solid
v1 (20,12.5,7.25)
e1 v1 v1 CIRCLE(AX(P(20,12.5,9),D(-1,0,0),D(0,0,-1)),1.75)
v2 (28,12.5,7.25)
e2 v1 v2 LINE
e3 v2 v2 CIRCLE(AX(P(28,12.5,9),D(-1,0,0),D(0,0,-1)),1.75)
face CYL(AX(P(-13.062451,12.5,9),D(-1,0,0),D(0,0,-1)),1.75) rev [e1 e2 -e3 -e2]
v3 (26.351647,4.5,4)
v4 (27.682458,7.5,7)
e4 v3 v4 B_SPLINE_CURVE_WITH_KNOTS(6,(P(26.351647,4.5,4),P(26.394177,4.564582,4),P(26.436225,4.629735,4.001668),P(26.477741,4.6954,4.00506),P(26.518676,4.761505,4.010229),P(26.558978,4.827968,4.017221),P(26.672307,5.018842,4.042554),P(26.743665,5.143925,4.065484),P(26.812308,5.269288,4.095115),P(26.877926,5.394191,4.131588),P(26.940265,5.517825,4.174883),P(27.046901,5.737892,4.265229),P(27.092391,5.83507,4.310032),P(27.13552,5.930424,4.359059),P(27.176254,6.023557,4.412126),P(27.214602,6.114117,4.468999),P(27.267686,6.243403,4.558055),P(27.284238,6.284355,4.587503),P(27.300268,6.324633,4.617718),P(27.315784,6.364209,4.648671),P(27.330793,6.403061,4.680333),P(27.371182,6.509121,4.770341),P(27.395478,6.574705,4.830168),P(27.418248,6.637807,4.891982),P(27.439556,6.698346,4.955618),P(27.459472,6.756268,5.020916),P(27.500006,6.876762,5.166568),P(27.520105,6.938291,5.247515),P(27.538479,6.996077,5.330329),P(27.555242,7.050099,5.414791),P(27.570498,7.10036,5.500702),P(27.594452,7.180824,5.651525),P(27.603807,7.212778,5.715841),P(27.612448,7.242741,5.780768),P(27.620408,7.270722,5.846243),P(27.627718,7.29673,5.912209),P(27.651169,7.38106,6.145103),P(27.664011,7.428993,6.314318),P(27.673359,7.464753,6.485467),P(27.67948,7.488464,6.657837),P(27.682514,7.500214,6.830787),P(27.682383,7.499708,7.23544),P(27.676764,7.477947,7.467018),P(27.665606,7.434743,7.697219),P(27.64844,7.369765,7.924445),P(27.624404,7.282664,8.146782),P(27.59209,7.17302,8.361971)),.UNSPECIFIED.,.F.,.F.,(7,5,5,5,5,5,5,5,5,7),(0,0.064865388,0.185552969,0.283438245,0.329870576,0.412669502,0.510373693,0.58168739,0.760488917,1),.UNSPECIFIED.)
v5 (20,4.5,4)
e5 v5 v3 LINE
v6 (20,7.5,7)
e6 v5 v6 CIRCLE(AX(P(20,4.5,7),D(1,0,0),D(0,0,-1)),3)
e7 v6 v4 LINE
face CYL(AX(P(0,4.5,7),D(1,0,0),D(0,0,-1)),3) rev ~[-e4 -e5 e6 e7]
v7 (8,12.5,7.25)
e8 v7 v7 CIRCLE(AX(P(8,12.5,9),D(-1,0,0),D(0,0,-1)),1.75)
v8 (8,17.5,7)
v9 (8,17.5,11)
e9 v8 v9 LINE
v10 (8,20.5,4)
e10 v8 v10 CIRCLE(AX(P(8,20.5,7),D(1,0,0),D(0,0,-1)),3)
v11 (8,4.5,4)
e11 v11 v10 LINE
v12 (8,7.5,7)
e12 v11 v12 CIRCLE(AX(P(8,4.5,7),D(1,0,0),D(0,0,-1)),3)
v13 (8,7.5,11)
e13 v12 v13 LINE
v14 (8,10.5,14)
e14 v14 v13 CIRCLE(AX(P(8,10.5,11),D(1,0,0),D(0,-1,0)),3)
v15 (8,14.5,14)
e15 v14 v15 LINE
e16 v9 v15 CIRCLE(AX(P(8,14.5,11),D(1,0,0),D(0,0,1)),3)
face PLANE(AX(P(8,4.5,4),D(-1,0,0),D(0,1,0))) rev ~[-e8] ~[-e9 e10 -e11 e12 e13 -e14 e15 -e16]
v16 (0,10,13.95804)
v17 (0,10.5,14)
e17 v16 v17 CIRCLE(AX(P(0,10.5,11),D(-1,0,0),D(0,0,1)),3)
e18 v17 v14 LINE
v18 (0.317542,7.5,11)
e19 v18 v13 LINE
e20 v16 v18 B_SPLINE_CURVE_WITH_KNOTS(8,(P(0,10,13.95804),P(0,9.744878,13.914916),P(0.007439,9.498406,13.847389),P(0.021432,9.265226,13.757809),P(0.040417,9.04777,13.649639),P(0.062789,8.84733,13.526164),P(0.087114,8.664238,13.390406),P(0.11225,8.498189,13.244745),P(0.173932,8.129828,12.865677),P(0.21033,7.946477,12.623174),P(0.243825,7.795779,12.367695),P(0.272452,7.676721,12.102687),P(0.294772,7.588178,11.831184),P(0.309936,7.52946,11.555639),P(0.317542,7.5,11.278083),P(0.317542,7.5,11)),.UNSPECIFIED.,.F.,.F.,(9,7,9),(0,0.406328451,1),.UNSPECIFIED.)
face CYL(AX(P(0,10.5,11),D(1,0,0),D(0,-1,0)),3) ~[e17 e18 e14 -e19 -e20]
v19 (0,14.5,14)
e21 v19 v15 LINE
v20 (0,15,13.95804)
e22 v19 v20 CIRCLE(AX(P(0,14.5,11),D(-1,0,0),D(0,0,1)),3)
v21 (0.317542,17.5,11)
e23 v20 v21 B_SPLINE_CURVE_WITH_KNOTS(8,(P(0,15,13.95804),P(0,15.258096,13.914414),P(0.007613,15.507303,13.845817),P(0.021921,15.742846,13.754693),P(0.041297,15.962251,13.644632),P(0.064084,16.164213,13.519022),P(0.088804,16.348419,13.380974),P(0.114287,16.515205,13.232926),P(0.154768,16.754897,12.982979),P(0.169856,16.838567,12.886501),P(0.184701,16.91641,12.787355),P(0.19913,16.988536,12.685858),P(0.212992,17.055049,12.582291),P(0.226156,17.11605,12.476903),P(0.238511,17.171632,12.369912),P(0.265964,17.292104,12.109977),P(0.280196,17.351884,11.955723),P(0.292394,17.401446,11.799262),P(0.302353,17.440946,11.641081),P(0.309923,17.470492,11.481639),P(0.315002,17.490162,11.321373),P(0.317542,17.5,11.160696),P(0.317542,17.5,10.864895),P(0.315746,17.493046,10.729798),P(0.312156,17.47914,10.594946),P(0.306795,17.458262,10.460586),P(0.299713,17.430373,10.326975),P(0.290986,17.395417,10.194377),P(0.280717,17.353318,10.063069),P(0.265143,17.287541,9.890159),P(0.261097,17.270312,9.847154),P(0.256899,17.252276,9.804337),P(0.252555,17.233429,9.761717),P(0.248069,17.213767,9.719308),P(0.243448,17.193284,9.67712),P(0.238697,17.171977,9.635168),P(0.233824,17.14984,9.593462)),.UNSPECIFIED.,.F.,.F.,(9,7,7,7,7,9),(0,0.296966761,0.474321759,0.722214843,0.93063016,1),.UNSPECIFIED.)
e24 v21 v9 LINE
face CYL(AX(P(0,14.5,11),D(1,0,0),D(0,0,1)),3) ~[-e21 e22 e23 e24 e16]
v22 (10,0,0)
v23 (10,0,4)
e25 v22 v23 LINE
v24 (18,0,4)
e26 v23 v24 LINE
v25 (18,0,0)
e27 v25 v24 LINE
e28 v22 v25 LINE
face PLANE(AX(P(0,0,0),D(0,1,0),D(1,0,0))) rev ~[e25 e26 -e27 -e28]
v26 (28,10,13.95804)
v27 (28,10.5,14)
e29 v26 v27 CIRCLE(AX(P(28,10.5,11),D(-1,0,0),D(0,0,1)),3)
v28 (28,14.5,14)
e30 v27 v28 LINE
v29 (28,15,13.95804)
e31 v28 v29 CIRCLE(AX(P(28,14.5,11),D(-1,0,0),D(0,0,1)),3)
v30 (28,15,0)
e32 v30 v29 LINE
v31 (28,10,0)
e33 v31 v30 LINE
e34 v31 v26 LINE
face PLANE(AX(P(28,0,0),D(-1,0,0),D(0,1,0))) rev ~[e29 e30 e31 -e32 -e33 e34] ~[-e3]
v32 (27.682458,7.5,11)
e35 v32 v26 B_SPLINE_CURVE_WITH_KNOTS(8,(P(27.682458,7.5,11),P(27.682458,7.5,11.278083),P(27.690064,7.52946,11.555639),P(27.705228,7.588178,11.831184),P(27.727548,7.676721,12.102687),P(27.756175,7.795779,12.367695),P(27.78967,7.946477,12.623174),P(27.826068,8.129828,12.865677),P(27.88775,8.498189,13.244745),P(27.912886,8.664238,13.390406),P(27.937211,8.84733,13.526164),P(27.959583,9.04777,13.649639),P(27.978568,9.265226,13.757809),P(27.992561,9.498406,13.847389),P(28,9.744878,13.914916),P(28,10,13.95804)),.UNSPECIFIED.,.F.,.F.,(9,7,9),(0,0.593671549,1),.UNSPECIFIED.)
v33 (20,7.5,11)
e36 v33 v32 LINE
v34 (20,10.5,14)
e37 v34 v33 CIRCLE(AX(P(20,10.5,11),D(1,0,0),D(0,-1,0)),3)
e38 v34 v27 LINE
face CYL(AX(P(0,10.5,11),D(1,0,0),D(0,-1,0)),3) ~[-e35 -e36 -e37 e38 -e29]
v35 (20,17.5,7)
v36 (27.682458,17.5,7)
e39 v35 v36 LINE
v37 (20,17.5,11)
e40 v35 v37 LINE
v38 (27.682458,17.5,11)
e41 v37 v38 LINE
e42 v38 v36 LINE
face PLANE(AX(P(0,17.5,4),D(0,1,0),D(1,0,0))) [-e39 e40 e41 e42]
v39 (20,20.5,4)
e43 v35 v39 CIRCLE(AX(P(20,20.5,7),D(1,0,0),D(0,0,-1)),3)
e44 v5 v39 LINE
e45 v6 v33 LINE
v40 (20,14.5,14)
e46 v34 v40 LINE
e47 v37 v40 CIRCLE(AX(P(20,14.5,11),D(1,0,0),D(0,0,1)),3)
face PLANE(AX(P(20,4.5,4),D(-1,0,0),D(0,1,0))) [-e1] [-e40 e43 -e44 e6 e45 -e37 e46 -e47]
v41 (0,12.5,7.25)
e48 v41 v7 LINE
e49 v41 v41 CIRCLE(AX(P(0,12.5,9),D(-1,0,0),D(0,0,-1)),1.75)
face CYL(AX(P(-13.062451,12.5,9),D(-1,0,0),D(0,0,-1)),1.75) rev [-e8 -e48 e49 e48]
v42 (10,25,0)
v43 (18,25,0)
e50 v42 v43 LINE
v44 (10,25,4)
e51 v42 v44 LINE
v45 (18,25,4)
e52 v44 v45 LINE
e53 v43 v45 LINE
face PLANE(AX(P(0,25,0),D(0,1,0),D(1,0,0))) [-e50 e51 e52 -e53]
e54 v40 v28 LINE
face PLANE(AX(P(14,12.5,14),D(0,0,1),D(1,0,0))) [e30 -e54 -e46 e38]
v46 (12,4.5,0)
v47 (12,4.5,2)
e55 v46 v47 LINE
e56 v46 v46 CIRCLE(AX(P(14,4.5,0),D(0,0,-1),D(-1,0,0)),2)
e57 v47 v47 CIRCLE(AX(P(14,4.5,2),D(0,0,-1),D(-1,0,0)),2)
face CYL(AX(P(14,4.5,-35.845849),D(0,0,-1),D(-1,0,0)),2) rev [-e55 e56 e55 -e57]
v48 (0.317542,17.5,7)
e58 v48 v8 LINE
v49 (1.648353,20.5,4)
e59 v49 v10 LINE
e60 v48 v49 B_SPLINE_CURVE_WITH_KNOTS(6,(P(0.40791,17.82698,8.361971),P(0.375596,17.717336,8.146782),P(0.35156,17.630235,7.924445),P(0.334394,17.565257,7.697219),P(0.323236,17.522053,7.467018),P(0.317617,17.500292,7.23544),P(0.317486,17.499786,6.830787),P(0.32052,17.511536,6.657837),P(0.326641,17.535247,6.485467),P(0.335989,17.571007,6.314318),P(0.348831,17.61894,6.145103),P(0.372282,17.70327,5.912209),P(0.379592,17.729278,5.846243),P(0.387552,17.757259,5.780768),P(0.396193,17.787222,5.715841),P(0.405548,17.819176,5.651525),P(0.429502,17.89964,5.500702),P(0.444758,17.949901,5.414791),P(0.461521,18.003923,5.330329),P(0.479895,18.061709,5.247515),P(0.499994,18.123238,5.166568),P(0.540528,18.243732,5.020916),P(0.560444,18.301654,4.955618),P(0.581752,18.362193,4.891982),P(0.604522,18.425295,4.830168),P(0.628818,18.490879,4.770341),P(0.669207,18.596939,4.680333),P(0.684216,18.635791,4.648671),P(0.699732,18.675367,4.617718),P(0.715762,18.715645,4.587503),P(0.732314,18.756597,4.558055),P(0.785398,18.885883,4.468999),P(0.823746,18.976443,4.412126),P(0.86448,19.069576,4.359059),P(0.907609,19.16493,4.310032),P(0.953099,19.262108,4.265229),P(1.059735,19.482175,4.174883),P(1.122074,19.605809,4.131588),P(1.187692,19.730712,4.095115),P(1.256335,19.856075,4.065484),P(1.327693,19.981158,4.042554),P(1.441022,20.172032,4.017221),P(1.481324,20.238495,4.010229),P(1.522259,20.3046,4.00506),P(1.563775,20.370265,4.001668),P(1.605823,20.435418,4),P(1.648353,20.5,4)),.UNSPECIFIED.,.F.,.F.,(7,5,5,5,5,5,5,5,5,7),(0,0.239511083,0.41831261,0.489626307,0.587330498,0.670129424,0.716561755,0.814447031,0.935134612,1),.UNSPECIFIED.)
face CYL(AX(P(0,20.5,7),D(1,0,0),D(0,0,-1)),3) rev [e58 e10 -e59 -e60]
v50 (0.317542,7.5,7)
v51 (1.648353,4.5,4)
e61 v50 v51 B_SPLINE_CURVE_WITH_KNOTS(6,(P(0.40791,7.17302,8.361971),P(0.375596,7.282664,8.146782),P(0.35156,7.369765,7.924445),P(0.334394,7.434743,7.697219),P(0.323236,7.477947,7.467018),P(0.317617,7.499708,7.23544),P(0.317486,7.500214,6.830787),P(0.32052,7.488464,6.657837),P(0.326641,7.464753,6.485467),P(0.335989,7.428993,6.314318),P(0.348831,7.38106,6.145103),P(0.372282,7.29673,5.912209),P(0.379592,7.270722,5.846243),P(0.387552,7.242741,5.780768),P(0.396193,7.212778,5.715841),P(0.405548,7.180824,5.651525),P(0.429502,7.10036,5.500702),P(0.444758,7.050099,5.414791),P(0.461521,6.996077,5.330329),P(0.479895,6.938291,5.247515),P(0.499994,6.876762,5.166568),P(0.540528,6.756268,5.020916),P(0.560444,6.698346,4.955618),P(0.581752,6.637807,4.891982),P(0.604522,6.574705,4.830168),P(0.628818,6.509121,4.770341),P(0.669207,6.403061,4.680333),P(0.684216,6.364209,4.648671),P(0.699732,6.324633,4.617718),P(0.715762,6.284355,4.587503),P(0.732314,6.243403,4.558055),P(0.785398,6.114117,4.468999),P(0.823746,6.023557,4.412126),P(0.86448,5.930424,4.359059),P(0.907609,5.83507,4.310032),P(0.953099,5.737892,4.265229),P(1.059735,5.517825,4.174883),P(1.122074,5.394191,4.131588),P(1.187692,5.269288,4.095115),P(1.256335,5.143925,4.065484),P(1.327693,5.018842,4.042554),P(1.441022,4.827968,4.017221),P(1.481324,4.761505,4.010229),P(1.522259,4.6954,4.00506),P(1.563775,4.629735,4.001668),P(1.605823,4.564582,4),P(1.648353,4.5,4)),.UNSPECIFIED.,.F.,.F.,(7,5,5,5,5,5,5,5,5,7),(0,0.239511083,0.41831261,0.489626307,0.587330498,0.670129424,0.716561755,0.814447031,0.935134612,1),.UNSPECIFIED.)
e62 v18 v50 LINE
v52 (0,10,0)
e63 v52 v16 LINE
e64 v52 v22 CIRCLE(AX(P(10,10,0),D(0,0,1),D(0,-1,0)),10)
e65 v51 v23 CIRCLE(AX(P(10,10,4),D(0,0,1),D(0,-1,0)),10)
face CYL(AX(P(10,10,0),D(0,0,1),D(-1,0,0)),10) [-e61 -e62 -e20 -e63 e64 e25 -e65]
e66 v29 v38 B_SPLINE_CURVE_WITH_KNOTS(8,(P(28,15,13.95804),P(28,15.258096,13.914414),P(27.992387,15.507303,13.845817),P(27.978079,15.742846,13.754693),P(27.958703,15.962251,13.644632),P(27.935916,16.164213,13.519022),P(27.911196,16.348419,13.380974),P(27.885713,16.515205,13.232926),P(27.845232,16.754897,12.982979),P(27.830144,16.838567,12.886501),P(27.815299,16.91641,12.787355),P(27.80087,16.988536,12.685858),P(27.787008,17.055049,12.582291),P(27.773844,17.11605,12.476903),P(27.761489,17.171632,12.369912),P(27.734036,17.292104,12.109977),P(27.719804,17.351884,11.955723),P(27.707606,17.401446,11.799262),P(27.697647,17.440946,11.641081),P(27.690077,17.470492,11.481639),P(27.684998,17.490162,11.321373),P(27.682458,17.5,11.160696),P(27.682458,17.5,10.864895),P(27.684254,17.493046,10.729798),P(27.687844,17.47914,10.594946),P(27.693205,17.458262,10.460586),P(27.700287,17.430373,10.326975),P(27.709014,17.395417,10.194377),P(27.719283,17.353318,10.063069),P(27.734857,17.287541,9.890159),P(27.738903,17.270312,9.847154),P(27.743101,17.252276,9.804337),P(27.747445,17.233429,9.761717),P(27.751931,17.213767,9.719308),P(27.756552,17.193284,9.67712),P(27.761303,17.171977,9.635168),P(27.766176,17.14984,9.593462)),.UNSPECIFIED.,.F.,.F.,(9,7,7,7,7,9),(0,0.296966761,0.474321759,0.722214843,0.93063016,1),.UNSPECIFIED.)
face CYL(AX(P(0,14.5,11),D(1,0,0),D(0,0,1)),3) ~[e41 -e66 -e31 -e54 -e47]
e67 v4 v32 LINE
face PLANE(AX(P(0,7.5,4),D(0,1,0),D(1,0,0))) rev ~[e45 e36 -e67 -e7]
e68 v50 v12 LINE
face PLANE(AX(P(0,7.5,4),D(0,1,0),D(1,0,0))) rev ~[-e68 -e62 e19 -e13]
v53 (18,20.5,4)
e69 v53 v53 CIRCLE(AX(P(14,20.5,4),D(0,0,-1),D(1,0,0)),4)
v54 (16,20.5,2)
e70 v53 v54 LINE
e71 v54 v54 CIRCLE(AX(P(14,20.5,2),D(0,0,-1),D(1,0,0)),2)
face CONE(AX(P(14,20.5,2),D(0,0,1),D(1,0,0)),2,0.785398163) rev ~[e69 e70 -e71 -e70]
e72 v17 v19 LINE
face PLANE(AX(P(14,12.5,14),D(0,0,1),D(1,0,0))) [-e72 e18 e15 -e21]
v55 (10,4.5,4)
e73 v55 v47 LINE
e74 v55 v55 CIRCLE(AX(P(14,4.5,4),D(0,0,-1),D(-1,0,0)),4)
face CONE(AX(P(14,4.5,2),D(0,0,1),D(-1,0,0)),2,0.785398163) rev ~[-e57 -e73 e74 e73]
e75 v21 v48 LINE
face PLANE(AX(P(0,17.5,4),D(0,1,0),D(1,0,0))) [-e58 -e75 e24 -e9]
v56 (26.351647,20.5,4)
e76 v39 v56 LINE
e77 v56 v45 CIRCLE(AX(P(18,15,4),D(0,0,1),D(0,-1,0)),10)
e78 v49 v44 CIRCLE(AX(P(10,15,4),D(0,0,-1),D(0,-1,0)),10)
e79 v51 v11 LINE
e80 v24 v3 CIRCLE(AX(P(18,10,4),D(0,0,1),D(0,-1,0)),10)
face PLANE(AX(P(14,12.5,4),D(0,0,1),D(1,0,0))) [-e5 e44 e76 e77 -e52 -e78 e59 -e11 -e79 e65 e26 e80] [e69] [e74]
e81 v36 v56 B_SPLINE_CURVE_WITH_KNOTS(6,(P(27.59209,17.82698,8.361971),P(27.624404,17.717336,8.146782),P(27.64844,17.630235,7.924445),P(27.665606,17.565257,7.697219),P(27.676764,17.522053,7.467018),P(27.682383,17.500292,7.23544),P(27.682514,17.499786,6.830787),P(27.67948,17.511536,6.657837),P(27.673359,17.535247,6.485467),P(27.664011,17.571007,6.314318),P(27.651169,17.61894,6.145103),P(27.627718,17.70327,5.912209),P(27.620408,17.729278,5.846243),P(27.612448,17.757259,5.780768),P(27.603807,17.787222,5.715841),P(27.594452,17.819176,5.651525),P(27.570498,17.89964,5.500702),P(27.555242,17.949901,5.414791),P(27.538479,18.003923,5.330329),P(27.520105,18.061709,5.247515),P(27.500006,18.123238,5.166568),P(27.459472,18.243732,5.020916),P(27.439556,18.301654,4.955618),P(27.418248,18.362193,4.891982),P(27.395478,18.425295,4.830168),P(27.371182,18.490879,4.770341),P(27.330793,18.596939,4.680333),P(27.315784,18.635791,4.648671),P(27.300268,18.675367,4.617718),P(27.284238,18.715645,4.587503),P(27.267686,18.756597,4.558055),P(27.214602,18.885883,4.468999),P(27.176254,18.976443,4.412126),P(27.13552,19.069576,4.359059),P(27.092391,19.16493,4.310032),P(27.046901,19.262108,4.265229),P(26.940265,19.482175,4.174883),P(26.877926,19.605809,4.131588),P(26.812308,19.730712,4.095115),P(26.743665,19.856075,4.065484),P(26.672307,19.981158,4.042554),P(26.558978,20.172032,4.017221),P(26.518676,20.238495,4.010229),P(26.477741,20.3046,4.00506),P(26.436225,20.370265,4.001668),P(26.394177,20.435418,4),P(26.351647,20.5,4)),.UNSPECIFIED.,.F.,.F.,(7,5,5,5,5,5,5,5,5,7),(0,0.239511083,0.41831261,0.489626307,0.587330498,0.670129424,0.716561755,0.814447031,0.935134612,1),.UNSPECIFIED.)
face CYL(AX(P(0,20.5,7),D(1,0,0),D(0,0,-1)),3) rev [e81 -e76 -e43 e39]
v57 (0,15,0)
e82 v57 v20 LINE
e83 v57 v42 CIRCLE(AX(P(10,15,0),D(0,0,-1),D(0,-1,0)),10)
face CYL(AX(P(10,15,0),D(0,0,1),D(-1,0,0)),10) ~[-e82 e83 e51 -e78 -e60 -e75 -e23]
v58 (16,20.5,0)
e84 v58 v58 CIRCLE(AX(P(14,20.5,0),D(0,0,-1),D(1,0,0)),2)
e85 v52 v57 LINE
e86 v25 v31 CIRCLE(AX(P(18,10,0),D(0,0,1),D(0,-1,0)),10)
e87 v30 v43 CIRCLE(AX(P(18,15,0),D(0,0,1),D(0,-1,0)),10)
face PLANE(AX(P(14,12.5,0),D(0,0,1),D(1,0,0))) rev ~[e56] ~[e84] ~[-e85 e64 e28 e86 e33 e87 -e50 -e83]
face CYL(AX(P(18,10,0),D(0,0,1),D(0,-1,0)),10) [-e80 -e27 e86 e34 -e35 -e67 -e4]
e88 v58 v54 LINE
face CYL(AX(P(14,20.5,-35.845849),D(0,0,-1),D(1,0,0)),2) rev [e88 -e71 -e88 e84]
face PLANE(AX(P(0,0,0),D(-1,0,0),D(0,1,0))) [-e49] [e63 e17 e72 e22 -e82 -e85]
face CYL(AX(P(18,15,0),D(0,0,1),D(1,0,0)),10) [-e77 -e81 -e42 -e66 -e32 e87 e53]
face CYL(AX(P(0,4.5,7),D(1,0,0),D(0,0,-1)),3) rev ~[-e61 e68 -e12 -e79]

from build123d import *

# Parameters (mm, degrees)
ESQUISSE1_W                  = 28
ESQUISSE1_H                  = 25
BOSS_EXTRU_1_DEPTH           = 4
ESQUISSE2_W                  = 28
ESQUISSE2_H                  = 10
BOSS_EXTRU_2_DEPTH           = 10
ENL_V_MAT_EXTRU_1_DEPTH      = 41.062451248
ENL_V_MAT_EXTRU_1_DEPTH_BACK = 41.062451248
ESQUISSE3_R                  = 1.75
CONG_1_R                     = 3
ESQUISSE4_W                  = 12
ESQUISSE4_H                  = 16
ENL_V_MAT_EXTRU_2_DEPTH      = 10
ENL_V_MAT_EXTRU_3_DEPTH      = 39.845849199
ENL_V_MAT_EXTRU_3_DEPTH_BACK = 39.845849199
ESQUISSE5_R                  = 2
CHANFREIN1_SIZE              = 2
CONG_2_R                     = 10


with BuildPart() as part:
    # Esquisse1 → Boss.-Extru.1 (new body)
    with BuildSketch(Plane.XY):
        with Locations((14, 12.5)):
            Rectangle(ESQUISSE1_W, ESQUISSE1_H)
    extrude(amount=BOSS_EXTRU_1_DEPTH)

    # Esquisse2 → Boss.-Extru.2 (add)
    with BuildSketch(Plane.XY.offset(4)):
        with Locations((14, 12.5)):
            Rectangle(ESQUISSE2_W, ESQUISSE2_H)
    extrude(amount=BOSS_EXTRU_2_DEPTH)

    # Esquisse3 → Enlèv. mat.-Extru.1 (cut, two sides: drawn at the far end of the back side and taken through both)
    with BuildSketch(Plane(origin=(28, 0, 0), x_dir=(0, 0, -1), z_dir=(1, 0, 0)).offset(-ENL_V_MAT_EXTRU_1_DEPTH_BACK)):
        with Locations((-9, 12.5)):
            Circle(ESQUISSE3_R)
    extrude(amount=ENL_V_MAT_EXTRU_1_DEPTH + ENL_V_MAT_EXTRU_1_DEPTH_BACK, mode=Mode.SUBTRACT)

    # Congé1
    cong_1_edges = [part.edges().sort_by_distance(p)[0] for p in [
        (14, 17.5, 4),
        (14, 7.5, 4),
        (14, 17.5, 14),
        (14, 7.5, 14),
    ]]
    fillet(cong_1_edges, radius=CONG_1_R)

    # Esquisse4 → Enlèv. mat.-Extru.2 (cut)
    with BuildSketch(Plane.XY.offset(4)):
        with Locations((14, 12.5)):
            Rectangle(ESQUISSE4_W, ESQUISSE4_H)
    extrude(amount=ENL_V_MAT_EXTRU_2_DEPTH, mode=Mode.SUBTRACT)

    # Esquisse5 → Enlèv. mat.-Extru.3 (cut, two sides: drawn at the far end of the back side and taken through both)
    with BuildSketch(Plane.XY.offset(4).offset(-ENL_V_MAT_EXTRU_3_DEPTH_BACK)):
        with Locations((14, 20.5)):
            Circle(ESQUISSE5_R)
        with Locations(Location((14, 4.5, 0), (0, 0, 180))):
            Circle(ESQUISSE5_R)
    extrude(amount=ENL_V_MAT_EXTRU_3_DEPTH + ENL_V_MAT_EXTRU_3_DEPTH_BACK, mode=Mode.SUBTRACT)

    # Chanfrein1
    chanfrein1_edges = [part.edges().sort_by_distance(p)[0] for p in [
        (16, 4.5, 4),
        (12, 20.5, 4),
    ]]
    chamfer(chanfrein1_edges, length=CHANFREIN1_SIZE)

    # Congé2
    cong_2_edges = [part.edges().sort_by_distance(p)[0] for p in [
        (28, 0, 2),
        (0, 0, 2),
        (0, 25, 2),
        (28, 25, 2),
    ]]
    fillet(cong_2_edges, radius=CONG_2_R)


solid = part.part
